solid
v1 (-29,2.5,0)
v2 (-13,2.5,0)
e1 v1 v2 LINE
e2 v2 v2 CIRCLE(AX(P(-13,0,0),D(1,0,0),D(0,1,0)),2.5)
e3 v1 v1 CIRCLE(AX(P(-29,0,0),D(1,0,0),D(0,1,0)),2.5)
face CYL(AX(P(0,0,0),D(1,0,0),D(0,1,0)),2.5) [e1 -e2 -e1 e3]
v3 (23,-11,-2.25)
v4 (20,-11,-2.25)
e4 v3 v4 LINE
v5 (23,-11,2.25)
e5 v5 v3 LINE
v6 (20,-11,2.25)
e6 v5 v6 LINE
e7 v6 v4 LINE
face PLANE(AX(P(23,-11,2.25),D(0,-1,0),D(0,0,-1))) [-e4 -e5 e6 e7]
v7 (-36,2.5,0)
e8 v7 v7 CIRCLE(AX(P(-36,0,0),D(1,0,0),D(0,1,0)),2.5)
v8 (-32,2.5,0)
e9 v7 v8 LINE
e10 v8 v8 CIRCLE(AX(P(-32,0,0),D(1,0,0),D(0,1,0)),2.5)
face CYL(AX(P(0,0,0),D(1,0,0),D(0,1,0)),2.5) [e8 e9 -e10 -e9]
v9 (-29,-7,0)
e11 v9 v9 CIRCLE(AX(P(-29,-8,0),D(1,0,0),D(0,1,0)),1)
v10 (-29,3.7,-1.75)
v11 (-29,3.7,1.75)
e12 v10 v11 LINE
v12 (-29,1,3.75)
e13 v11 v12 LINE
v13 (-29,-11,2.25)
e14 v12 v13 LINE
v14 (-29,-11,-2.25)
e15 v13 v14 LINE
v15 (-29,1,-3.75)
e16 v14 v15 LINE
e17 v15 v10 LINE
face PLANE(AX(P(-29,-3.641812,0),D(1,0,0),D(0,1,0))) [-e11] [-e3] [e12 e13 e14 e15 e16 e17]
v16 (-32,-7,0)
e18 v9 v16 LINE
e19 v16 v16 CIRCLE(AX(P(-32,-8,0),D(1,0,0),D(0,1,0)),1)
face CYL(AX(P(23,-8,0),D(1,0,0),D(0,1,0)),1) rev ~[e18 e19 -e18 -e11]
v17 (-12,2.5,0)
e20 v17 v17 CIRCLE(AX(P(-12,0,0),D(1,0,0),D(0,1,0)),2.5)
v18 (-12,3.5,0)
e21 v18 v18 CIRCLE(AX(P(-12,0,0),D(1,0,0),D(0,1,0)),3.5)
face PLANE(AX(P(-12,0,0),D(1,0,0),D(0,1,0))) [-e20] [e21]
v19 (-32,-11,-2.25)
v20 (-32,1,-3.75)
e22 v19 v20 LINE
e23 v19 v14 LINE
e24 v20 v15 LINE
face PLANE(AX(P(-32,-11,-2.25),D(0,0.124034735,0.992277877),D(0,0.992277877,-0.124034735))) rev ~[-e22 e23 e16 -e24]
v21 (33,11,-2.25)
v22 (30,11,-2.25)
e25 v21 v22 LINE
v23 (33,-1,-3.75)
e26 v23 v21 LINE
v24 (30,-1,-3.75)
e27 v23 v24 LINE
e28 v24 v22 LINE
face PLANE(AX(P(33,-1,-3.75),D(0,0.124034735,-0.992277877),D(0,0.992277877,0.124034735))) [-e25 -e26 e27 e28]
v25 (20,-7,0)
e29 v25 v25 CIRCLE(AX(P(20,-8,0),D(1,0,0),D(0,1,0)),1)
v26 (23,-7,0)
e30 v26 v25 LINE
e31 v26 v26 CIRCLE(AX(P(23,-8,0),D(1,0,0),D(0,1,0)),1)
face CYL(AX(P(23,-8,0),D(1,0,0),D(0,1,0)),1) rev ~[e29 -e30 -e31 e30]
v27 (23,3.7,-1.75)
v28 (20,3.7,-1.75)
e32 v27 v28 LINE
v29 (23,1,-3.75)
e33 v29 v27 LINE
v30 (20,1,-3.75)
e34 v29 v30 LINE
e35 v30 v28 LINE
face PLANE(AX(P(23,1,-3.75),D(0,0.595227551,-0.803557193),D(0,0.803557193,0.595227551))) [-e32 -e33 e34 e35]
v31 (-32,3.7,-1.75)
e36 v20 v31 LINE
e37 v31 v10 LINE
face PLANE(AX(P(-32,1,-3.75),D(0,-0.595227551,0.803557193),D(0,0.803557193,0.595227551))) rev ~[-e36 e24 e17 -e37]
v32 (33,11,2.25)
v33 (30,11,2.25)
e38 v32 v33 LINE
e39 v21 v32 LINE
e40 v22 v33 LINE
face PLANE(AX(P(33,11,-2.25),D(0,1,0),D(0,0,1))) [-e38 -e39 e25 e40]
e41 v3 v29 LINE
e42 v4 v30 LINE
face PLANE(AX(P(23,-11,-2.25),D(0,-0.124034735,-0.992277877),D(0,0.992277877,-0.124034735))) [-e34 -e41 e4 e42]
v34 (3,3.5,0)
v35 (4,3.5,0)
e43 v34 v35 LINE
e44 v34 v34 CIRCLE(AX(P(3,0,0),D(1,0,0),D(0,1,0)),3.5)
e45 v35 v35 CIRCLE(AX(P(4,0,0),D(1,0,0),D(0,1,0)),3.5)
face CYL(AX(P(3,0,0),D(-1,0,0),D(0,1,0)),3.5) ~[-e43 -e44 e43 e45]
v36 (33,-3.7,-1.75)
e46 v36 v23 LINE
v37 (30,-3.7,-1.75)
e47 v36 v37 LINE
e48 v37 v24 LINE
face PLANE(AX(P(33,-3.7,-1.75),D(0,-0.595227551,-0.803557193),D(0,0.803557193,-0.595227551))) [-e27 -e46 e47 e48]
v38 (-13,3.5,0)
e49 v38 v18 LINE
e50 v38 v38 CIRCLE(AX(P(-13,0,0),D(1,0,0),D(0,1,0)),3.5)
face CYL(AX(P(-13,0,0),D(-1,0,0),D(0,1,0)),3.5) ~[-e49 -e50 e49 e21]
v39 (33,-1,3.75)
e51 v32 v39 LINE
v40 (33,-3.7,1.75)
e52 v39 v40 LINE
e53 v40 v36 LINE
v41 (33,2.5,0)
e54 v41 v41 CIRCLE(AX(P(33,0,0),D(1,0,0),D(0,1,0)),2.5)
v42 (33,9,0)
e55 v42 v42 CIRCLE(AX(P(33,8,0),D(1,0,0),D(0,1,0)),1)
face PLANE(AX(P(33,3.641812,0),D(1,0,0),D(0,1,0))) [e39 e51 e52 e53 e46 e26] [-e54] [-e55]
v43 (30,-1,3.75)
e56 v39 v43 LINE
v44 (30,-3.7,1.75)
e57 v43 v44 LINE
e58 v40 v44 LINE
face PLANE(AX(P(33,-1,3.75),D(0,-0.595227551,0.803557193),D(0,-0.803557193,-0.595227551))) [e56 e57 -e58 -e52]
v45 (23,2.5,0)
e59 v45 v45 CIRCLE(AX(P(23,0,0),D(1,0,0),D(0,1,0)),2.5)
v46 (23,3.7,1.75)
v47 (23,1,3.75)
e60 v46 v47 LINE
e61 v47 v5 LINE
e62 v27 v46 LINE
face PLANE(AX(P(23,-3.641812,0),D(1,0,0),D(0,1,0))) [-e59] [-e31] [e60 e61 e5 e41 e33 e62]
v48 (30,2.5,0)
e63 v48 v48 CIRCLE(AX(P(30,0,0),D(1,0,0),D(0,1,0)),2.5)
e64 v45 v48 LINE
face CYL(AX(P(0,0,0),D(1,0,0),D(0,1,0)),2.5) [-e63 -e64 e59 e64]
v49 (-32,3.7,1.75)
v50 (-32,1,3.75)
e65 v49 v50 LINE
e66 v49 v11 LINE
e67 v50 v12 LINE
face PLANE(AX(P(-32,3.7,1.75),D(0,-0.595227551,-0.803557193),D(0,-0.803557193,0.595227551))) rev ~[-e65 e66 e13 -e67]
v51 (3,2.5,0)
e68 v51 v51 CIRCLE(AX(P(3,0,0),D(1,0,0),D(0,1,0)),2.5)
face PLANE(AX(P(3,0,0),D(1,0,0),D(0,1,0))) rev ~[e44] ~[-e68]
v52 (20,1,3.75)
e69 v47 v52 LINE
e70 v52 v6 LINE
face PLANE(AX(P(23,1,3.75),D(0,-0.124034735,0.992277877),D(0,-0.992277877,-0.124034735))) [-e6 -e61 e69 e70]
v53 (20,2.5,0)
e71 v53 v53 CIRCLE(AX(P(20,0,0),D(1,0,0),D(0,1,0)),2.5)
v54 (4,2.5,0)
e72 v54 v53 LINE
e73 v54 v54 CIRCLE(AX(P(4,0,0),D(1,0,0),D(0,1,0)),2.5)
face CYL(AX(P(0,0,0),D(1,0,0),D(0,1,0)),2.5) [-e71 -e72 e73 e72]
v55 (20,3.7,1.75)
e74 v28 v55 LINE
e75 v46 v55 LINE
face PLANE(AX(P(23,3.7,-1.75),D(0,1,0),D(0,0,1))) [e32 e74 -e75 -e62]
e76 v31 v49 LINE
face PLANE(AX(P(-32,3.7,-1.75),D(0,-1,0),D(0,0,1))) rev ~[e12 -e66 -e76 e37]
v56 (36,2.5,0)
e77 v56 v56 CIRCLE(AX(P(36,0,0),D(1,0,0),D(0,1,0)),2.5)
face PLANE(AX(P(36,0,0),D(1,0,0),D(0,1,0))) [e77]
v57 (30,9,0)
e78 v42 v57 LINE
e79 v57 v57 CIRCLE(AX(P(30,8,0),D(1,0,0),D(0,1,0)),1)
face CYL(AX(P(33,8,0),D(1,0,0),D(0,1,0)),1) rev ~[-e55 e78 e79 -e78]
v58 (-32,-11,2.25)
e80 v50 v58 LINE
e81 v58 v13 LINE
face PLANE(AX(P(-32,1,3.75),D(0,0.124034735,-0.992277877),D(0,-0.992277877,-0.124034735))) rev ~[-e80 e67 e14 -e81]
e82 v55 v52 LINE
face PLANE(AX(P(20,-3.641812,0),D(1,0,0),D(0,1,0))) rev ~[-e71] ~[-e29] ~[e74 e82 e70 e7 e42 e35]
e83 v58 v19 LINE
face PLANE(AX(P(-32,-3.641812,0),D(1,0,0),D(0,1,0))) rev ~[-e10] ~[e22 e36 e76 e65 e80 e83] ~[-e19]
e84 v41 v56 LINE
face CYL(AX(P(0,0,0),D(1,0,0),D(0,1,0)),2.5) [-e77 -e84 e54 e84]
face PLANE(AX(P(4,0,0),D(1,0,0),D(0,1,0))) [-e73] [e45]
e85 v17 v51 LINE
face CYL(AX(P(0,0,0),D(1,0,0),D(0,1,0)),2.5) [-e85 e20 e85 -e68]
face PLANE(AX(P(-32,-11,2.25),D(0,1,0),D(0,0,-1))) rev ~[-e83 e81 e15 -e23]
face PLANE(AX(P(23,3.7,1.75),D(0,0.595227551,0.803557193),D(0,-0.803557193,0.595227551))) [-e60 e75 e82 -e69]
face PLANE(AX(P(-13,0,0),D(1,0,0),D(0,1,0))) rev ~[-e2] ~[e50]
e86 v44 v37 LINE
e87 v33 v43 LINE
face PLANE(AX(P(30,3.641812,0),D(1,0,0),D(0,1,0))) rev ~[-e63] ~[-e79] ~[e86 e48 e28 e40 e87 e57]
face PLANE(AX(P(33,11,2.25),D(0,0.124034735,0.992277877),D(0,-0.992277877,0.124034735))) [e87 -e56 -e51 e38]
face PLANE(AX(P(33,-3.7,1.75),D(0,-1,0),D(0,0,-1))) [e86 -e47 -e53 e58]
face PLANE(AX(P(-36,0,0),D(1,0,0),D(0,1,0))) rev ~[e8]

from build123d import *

# Parameters (mm, degrees)
F0_R      = 2.5
F1_DEPTH  = 36
F4_DEPTH  = 3
F6_R      = 3.5
F7_DEPTH  = 1
F9_R      = 3.5
F10_DEPTH = 1
F13_DEPTH = 3
F16_DEPTH = 3
F18_R     = 1
F19_DEPTH = 69.001
F17_R     = 1
F20_DEPTH = 59.001


with BuildPart() as f1:
    # F0 (on Right) → F1 (new body, symmetric)
    with BuildSketch(Plane.YZ):
        Circle(F0_R)
    extrude(amount=F1_DEPTH, both=True)

    # F3 (on offset) → F4 (join)
    with BuildSketch(Plane.YZ.offset(-32)):
        Polygon((3.7, -1.75), (3.7, 1.75), (1, 3.75), (-11, 2.25), (-11, -2.25), (1, -3.75), align=None)
    extrude(amount=F4_DEPTH)

    # F6 (on offset) → F7 (join)
    with BuildSketch(Plane.YZ.offset(-13)):
        Circle(F6_R)
    extrude(amount=F7_DEPTH)

    # F9 (on offset) → F10 (join)
    with BuildSketch(Plane.YZ.offset(3)):
        Circle(F9_R)
    extrude(amount=F10_DEPTH)

    # F12 (on offset) → F13 (join)
    with BuildSketch(Plane.YZ.offset(33)):
        Polygon((-1, 3.75), (-3.7, 1.75), (-3.7, -1.75), (-1, -3.75), (11, -2.25), (11, 2.25), align=None)
    extrude(amount=-F13_DEPTH)

    # F15 (on offset) → F16 (join)
    with BuildSketch(Plane.YZ.offset(23)):
        Polygon((3.7, -1.75), (3.7, 1.75), (1, 3.75), (-11, 2.25), (-11, -2.25), (1, -3.75), align=None)
    extrude(amount=-F16_DEPTH)

    # F18 (on face) → F19 (cut, through all)
    with BuildSketch(Plane.YZ.offset(33)):
        with Locations((8, 0)):
            Circle(F18_R)
    extrude(amount=-F19_DEPTH, mode=Mode.SUBTRACT)

    # F17 (on face) → F20 (cut, through all)
    with BuildSketch(Plane.YZ.offset(23)):
        with Locations((-8, 0)):
            Circle(F17_R)
    extrude(amount=-F20_DEPTH, mode=Mode.SUBTRACT)


solid = f1.part
